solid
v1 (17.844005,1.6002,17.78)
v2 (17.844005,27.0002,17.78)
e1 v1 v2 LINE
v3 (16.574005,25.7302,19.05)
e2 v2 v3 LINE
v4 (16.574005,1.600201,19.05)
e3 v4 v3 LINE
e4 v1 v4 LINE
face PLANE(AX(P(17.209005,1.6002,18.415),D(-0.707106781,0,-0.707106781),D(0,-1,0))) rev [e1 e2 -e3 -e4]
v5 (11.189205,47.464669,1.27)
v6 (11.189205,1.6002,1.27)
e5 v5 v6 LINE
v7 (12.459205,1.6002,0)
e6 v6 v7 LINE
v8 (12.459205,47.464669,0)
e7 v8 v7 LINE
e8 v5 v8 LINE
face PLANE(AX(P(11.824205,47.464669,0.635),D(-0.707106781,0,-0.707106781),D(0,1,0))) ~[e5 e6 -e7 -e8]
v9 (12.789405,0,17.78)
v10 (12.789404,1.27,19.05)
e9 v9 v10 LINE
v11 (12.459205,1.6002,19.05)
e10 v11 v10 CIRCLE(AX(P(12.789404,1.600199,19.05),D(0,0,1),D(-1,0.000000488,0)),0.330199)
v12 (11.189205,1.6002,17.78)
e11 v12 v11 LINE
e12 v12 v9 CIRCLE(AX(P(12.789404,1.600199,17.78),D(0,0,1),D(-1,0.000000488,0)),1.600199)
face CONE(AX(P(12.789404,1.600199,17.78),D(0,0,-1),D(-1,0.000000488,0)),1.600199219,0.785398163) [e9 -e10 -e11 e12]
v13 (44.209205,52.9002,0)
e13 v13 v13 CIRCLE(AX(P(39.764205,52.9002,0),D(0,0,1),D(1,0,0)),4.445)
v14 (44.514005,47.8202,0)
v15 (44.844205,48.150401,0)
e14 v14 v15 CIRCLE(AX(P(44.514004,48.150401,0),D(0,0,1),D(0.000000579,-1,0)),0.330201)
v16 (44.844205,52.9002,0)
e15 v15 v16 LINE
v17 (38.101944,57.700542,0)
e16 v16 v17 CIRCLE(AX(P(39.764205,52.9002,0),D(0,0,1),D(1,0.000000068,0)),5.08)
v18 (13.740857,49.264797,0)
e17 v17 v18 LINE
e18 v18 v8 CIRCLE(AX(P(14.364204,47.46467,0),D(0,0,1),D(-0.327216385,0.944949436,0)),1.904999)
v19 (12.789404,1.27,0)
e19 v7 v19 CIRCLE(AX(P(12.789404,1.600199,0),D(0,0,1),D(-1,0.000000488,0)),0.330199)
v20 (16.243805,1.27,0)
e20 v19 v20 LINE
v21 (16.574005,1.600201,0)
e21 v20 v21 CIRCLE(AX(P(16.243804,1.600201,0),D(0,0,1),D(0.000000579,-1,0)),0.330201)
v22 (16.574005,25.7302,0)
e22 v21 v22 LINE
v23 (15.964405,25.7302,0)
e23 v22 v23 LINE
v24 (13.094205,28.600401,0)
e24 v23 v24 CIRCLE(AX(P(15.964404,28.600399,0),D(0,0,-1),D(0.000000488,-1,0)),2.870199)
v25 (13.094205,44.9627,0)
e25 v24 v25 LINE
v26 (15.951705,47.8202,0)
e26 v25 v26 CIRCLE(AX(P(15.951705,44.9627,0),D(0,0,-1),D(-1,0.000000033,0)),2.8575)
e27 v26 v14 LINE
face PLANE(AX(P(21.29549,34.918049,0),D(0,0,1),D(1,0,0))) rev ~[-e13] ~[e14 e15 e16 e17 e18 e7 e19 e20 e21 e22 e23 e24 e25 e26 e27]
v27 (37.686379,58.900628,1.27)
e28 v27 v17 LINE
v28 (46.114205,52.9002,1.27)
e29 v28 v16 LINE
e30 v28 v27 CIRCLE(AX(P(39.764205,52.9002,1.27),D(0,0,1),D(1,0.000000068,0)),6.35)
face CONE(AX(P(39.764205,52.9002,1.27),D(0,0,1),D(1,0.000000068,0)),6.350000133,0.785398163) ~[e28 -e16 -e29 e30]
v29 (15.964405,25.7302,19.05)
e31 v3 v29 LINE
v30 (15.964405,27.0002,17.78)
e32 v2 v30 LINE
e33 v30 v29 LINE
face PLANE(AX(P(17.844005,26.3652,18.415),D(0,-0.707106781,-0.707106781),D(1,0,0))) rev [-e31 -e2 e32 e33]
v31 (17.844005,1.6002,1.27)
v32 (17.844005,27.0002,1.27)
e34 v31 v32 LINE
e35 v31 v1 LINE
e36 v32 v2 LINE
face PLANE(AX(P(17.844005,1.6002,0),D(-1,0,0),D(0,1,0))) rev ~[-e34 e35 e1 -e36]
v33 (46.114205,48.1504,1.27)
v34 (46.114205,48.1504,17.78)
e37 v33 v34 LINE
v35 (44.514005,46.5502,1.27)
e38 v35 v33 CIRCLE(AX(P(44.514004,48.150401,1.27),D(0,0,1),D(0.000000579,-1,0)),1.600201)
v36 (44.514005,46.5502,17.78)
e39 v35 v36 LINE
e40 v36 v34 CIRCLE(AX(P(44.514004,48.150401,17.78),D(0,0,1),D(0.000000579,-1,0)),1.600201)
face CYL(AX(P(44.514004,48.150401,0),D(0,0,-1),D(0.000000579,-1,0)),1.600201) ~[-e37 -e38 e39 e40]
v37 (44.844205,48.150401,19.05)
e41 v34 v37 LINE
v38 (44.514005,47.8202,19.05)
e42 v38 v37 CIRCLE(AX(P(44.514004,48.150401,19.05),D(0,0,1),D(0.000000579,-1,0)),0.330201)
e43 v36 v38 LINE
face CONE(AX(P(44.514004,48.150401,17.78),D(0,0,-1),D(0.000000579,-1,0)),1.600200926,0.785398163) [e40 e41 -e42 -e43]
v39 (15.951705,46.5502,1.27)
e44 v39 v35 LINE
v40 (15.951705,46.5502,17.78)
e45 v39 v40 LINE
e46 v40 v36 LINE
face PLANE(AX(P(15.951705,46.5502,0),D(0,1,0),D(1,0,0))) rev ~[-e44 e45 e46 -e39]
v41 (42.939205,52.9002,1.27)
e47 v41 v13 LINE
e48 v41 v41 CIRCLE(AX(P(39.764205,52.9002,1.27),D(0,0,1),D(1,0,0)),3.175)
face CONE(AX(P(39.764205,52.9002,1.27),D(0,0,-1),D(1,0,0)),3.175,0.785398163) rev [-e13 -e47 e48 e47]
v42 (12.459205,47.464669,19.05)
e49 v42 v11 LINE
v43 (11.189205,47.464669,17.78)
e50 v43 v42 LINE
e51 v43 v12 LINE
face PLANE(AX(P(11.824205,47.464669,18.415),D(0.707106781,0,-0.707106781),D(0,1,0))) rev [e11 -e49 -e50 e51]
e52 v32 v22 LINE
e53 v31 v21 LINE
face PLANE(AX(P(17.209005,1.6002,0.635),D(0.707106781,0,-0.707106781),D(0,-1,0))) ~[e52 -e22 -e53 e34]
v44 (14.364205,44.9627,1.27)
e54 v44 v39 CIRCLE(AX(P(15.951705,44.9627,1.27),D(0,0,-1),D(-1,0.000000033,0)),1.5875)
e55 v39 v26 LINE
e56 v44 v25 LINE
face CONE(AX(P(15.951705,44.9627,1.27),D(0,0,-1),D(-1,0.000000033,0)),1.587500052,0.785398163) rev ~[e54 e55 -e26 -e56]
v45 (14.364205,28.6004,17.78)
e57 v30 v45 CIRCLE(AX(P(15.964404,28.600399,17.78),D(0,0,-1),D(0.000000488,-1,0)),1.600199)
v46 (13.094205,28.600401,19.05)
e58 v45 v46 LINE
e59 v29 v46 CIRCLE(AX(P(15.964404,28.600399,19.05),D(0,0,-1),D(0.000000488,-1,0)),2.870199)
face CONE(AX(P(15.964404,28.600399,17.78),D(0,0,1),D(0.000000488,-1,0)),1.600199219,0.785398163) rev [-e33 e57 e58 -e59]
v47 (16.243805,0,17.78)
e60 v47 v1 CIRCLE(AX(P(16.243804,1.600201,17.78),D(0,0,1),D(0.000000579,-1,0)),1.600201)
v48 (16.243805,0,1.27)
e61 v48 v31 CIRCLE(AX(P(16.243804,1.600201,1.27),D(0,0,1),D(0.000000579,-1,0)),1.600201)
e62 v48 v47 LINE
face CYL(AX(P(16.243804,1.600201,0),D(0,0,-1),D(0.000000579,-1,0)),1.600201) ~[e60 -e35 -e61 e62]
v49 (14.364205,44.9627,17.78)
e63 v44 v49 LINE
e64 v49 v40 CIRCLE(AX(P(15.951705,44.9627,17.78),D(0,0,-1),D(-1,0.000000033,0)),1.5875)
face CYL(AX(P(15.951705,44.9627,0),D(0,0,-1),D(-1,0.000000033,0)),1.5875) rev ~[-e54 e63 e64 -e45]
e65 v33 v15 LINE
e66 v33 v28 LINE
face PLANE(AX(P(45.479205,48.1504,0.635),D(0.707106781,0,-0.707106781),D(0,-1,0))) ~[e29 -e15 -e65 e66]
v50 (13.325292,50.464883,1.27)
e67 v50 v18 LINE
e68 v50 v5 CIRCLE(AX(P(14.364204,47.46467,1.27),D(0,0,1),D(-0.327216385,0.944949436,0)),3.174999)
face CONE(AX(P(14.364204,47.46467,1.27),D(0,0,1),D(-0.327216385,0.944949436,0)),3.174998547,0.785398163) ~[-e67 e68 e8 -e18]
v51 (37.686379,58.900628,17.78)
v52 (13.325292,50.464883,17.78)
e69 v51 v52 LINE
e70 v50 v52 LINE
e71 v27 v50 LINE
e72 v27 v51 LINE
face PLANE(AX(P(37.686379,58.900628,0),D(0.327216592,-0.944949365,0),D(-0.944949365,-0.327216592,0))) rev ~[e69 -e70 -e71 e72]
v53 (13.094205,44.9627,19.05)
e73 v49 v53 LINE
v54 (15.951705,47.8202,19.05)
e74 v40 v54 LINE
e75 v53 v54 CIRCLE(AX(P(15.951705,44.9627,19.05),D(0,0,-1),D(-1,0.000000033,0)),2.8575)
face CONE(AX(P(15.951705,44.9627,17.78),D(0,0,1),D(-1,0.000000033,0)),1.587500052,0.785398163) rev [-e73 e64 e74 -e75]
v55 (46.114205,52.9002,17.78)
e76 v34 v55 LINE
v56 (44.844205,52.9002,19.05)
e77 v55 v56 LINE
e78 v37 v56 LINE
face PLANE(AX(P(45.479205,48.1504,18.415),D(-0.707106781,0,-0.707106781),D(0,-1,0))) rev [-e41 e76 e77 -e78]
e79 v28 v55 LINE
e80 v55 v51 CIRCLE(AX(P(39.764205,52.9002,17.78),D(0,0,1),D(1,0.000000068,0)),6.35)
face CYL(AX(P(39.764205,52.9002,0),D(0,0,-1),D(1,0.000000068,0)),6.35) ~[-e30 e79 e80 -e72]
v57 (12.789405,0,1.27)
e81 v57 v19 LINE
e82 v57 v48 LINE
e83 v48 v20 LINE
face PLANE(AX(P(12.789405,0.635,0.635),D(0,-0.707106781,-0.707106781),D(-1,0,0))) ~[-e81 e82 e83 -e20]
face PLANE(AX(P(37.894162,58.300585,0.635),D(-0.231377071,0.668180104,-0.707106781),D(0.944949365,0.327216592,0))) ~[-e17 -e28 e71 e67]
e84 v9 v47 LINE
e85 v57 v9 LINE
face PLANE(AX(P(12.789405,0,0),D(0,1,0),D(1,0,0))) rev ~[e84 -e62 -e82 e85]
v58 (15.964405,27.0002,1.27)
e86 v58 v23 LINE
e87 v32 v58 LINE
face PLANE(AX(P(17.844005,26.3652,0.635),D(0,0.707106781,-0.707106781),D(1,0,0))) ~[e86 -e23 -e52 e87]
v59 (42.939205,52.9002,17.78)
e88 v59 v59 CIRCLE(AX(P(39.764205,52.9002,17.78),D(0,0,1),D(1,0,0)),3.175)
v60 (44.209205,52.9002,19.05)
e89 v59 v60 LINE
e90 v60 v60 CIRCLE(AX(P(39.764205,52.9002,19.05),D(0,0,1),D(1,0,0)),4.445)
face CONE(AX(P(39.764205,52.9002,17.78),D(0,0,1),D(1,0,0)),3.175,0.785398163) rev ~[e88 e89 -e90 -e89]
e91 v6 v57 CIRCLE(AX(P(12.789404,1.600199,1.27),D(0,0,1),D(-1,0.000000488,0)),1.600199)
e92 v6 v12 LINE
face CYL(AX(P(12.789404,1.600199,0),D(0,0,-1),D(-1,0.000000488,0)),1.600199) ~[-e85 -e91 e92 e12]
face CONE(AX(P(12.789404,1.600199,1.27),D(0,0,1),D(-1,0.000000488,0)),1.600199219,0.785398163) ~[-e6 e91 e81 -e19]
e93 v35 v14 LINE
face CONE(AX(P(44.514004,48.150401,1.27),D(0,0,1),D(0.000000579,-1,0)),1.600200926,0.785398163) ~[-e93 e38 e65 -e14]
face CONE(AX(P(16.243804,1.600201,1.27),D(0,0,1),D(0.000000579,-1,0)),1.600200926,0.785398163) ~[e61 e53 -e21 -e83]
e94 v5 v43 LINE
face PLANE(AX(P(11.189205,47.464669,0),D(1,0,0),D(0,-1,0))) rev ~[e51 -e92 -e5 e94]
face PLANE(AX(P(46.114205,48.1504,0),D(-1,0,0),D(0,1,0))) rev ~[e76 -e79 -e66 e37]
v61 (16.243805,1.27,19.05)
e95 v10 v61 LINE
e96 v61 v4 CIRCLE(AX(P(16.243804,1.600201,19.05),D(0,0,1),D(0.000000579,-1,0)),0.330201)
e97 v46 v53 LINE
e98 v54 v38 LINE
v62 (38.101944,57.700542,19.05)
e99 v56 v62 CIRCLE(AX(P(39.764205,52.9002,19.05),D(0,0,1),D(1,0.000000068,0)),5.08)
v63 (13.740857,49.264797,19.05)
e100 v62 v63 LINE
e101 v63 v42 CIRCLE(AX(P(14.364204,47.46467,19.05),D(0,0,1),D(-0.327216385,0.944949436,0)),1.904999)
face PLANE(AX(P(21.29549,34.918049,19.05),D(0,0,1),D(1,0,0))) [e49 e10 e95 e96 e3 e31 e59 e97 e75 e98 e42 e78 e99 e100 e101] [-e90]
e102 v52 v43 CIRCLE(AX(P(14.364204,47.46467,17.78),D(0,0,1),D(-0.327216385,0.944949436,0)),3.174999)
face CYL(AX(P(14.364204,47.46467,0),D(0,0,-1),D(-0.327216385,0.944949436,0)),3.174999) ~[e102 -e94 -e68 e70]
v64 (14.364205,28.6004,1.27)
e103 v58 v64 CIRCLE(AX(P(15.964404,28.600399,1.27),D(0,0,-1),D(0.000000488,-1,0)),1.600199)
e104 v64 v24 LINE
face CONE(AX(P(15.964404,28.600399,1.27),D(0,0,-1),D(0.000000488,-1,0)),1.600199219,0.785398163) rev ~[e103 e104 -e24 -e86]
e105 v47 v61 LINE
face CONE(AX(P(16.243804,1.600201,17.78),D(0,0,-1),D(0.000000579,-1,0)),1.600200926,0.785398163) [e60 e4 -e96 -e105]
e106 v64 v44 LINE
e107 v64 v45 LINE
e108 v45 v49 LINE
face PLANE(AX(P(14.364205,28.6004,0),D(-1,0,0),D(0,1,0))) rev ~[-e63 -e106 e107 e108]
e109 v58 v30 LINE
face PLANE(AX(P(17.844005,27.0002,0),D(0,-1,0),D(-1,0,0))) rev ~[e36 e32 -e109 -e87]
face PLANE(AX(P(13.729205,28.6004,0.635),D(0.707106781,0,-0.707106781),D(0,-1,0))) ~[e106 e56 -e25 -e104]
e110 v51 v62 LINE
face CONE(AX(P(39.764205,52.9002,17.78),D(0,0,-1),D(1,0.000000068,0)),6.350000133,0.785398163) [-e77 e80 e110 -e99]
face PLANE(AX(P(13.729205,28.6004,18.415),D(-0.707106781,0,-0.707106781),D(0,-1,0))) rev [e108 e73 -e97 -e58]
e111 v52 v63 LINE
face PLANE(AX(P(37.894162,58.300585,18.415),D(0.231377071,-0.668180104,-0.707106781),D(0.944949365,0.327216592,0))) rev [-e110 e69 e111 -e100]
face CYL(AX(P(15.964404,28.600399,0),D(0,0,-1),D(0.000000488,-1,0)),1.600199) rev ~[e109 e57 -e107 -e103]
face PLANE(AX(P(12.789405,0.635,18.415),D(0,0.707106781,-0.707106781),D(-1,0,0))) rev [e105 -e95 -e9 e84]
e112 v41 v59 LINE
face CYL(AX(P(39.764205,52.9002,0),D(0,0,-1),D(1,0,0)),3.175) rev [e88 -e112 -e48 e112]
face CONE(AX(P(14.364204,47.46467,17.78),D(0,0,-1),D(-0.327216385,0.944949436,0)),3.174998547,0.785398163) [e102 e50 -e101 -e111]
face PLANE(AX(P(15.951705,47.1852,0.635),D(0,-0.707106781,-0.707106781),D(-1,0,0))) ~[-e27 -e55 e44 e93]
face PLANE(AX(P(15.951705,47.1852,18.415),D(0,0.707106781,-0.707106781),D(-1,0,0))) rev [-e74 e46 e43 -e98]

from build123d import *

# Parameters (mm, degrees)
F0_R     = 3.175
F1_DEPTH = 19.05
F2_SIZE  = 1.27


with BuildPart() as f1:
    # F0 (on Top) → F1 (new body)
    with BuildSketch(Plane.XY):
        with BuildLine():
            ThreePointArc((15.964405, 27.0002), (14.832892, 27.468888), (14.364205, 28.6004))
            Line((14.364205, 28.6004), (14.364205, 44.9627))
            ThreePointArc((14.364205, 44.9627), (14.829173, 46.085232), (15.951705, 46.5502))
            Line((15.951705, 46.5502), (39.764205, 46.5502))
            Line((39.764205, 46.5502), (44.514005, 46.5502))
            ThreePointArc((44.514005, 46.5502), (45.645517, 47.018888), (46.114205, 48.1504))
            Line((46.114205, 48.1504), (46.114205, 52.9002))
            ThreePointArc((46.114205, 52.9002), (43.447159, 58.073047), (37.686379, 58.900628))
            Line((37.686379, 58.900628), (13.325292, 50.464883))
            ThreePointArc((13.325292, 50.464883), (11.777781, 49.306146), (11.189205, 47.464669))
            Line((11.189205, 47.464669), (11.189205, 1.6002))
            ThreePointArc((11.189205, 1.6002), (11.657892, 0.468688), (12.789405, 0))
            Line((12.789405, 0), (16.243805, 0))
            ThreePointArc((16.243805, 0), (17.375317, 0.468688), (17.844005, 1.6002))
            Line((17.844005, 1.6002), (17.844005, 27.0002))
            Line((17.844005, 27.0002), (15.964405, 27.0002))
        make_face()
        with Locations((39.764205, 52.9002)):
            Circle(F0_R, mode=Mode.SUBTRACT)
    extrude(amount=F1_DEPTH)

    # F2
    f2_edges = [f1.edges().sort_by_distance(p)[0] for p in [
        (25.505836, 54.682756, 19.05),
        (36.589205, 52.9002, 19.05),
        (30.232855, 46.5502, 0),
        (36.589205, 52.9002, 0),
    ]]
    chamfer(f2_edges, length=F2_SIZE)


solid = f1.part
